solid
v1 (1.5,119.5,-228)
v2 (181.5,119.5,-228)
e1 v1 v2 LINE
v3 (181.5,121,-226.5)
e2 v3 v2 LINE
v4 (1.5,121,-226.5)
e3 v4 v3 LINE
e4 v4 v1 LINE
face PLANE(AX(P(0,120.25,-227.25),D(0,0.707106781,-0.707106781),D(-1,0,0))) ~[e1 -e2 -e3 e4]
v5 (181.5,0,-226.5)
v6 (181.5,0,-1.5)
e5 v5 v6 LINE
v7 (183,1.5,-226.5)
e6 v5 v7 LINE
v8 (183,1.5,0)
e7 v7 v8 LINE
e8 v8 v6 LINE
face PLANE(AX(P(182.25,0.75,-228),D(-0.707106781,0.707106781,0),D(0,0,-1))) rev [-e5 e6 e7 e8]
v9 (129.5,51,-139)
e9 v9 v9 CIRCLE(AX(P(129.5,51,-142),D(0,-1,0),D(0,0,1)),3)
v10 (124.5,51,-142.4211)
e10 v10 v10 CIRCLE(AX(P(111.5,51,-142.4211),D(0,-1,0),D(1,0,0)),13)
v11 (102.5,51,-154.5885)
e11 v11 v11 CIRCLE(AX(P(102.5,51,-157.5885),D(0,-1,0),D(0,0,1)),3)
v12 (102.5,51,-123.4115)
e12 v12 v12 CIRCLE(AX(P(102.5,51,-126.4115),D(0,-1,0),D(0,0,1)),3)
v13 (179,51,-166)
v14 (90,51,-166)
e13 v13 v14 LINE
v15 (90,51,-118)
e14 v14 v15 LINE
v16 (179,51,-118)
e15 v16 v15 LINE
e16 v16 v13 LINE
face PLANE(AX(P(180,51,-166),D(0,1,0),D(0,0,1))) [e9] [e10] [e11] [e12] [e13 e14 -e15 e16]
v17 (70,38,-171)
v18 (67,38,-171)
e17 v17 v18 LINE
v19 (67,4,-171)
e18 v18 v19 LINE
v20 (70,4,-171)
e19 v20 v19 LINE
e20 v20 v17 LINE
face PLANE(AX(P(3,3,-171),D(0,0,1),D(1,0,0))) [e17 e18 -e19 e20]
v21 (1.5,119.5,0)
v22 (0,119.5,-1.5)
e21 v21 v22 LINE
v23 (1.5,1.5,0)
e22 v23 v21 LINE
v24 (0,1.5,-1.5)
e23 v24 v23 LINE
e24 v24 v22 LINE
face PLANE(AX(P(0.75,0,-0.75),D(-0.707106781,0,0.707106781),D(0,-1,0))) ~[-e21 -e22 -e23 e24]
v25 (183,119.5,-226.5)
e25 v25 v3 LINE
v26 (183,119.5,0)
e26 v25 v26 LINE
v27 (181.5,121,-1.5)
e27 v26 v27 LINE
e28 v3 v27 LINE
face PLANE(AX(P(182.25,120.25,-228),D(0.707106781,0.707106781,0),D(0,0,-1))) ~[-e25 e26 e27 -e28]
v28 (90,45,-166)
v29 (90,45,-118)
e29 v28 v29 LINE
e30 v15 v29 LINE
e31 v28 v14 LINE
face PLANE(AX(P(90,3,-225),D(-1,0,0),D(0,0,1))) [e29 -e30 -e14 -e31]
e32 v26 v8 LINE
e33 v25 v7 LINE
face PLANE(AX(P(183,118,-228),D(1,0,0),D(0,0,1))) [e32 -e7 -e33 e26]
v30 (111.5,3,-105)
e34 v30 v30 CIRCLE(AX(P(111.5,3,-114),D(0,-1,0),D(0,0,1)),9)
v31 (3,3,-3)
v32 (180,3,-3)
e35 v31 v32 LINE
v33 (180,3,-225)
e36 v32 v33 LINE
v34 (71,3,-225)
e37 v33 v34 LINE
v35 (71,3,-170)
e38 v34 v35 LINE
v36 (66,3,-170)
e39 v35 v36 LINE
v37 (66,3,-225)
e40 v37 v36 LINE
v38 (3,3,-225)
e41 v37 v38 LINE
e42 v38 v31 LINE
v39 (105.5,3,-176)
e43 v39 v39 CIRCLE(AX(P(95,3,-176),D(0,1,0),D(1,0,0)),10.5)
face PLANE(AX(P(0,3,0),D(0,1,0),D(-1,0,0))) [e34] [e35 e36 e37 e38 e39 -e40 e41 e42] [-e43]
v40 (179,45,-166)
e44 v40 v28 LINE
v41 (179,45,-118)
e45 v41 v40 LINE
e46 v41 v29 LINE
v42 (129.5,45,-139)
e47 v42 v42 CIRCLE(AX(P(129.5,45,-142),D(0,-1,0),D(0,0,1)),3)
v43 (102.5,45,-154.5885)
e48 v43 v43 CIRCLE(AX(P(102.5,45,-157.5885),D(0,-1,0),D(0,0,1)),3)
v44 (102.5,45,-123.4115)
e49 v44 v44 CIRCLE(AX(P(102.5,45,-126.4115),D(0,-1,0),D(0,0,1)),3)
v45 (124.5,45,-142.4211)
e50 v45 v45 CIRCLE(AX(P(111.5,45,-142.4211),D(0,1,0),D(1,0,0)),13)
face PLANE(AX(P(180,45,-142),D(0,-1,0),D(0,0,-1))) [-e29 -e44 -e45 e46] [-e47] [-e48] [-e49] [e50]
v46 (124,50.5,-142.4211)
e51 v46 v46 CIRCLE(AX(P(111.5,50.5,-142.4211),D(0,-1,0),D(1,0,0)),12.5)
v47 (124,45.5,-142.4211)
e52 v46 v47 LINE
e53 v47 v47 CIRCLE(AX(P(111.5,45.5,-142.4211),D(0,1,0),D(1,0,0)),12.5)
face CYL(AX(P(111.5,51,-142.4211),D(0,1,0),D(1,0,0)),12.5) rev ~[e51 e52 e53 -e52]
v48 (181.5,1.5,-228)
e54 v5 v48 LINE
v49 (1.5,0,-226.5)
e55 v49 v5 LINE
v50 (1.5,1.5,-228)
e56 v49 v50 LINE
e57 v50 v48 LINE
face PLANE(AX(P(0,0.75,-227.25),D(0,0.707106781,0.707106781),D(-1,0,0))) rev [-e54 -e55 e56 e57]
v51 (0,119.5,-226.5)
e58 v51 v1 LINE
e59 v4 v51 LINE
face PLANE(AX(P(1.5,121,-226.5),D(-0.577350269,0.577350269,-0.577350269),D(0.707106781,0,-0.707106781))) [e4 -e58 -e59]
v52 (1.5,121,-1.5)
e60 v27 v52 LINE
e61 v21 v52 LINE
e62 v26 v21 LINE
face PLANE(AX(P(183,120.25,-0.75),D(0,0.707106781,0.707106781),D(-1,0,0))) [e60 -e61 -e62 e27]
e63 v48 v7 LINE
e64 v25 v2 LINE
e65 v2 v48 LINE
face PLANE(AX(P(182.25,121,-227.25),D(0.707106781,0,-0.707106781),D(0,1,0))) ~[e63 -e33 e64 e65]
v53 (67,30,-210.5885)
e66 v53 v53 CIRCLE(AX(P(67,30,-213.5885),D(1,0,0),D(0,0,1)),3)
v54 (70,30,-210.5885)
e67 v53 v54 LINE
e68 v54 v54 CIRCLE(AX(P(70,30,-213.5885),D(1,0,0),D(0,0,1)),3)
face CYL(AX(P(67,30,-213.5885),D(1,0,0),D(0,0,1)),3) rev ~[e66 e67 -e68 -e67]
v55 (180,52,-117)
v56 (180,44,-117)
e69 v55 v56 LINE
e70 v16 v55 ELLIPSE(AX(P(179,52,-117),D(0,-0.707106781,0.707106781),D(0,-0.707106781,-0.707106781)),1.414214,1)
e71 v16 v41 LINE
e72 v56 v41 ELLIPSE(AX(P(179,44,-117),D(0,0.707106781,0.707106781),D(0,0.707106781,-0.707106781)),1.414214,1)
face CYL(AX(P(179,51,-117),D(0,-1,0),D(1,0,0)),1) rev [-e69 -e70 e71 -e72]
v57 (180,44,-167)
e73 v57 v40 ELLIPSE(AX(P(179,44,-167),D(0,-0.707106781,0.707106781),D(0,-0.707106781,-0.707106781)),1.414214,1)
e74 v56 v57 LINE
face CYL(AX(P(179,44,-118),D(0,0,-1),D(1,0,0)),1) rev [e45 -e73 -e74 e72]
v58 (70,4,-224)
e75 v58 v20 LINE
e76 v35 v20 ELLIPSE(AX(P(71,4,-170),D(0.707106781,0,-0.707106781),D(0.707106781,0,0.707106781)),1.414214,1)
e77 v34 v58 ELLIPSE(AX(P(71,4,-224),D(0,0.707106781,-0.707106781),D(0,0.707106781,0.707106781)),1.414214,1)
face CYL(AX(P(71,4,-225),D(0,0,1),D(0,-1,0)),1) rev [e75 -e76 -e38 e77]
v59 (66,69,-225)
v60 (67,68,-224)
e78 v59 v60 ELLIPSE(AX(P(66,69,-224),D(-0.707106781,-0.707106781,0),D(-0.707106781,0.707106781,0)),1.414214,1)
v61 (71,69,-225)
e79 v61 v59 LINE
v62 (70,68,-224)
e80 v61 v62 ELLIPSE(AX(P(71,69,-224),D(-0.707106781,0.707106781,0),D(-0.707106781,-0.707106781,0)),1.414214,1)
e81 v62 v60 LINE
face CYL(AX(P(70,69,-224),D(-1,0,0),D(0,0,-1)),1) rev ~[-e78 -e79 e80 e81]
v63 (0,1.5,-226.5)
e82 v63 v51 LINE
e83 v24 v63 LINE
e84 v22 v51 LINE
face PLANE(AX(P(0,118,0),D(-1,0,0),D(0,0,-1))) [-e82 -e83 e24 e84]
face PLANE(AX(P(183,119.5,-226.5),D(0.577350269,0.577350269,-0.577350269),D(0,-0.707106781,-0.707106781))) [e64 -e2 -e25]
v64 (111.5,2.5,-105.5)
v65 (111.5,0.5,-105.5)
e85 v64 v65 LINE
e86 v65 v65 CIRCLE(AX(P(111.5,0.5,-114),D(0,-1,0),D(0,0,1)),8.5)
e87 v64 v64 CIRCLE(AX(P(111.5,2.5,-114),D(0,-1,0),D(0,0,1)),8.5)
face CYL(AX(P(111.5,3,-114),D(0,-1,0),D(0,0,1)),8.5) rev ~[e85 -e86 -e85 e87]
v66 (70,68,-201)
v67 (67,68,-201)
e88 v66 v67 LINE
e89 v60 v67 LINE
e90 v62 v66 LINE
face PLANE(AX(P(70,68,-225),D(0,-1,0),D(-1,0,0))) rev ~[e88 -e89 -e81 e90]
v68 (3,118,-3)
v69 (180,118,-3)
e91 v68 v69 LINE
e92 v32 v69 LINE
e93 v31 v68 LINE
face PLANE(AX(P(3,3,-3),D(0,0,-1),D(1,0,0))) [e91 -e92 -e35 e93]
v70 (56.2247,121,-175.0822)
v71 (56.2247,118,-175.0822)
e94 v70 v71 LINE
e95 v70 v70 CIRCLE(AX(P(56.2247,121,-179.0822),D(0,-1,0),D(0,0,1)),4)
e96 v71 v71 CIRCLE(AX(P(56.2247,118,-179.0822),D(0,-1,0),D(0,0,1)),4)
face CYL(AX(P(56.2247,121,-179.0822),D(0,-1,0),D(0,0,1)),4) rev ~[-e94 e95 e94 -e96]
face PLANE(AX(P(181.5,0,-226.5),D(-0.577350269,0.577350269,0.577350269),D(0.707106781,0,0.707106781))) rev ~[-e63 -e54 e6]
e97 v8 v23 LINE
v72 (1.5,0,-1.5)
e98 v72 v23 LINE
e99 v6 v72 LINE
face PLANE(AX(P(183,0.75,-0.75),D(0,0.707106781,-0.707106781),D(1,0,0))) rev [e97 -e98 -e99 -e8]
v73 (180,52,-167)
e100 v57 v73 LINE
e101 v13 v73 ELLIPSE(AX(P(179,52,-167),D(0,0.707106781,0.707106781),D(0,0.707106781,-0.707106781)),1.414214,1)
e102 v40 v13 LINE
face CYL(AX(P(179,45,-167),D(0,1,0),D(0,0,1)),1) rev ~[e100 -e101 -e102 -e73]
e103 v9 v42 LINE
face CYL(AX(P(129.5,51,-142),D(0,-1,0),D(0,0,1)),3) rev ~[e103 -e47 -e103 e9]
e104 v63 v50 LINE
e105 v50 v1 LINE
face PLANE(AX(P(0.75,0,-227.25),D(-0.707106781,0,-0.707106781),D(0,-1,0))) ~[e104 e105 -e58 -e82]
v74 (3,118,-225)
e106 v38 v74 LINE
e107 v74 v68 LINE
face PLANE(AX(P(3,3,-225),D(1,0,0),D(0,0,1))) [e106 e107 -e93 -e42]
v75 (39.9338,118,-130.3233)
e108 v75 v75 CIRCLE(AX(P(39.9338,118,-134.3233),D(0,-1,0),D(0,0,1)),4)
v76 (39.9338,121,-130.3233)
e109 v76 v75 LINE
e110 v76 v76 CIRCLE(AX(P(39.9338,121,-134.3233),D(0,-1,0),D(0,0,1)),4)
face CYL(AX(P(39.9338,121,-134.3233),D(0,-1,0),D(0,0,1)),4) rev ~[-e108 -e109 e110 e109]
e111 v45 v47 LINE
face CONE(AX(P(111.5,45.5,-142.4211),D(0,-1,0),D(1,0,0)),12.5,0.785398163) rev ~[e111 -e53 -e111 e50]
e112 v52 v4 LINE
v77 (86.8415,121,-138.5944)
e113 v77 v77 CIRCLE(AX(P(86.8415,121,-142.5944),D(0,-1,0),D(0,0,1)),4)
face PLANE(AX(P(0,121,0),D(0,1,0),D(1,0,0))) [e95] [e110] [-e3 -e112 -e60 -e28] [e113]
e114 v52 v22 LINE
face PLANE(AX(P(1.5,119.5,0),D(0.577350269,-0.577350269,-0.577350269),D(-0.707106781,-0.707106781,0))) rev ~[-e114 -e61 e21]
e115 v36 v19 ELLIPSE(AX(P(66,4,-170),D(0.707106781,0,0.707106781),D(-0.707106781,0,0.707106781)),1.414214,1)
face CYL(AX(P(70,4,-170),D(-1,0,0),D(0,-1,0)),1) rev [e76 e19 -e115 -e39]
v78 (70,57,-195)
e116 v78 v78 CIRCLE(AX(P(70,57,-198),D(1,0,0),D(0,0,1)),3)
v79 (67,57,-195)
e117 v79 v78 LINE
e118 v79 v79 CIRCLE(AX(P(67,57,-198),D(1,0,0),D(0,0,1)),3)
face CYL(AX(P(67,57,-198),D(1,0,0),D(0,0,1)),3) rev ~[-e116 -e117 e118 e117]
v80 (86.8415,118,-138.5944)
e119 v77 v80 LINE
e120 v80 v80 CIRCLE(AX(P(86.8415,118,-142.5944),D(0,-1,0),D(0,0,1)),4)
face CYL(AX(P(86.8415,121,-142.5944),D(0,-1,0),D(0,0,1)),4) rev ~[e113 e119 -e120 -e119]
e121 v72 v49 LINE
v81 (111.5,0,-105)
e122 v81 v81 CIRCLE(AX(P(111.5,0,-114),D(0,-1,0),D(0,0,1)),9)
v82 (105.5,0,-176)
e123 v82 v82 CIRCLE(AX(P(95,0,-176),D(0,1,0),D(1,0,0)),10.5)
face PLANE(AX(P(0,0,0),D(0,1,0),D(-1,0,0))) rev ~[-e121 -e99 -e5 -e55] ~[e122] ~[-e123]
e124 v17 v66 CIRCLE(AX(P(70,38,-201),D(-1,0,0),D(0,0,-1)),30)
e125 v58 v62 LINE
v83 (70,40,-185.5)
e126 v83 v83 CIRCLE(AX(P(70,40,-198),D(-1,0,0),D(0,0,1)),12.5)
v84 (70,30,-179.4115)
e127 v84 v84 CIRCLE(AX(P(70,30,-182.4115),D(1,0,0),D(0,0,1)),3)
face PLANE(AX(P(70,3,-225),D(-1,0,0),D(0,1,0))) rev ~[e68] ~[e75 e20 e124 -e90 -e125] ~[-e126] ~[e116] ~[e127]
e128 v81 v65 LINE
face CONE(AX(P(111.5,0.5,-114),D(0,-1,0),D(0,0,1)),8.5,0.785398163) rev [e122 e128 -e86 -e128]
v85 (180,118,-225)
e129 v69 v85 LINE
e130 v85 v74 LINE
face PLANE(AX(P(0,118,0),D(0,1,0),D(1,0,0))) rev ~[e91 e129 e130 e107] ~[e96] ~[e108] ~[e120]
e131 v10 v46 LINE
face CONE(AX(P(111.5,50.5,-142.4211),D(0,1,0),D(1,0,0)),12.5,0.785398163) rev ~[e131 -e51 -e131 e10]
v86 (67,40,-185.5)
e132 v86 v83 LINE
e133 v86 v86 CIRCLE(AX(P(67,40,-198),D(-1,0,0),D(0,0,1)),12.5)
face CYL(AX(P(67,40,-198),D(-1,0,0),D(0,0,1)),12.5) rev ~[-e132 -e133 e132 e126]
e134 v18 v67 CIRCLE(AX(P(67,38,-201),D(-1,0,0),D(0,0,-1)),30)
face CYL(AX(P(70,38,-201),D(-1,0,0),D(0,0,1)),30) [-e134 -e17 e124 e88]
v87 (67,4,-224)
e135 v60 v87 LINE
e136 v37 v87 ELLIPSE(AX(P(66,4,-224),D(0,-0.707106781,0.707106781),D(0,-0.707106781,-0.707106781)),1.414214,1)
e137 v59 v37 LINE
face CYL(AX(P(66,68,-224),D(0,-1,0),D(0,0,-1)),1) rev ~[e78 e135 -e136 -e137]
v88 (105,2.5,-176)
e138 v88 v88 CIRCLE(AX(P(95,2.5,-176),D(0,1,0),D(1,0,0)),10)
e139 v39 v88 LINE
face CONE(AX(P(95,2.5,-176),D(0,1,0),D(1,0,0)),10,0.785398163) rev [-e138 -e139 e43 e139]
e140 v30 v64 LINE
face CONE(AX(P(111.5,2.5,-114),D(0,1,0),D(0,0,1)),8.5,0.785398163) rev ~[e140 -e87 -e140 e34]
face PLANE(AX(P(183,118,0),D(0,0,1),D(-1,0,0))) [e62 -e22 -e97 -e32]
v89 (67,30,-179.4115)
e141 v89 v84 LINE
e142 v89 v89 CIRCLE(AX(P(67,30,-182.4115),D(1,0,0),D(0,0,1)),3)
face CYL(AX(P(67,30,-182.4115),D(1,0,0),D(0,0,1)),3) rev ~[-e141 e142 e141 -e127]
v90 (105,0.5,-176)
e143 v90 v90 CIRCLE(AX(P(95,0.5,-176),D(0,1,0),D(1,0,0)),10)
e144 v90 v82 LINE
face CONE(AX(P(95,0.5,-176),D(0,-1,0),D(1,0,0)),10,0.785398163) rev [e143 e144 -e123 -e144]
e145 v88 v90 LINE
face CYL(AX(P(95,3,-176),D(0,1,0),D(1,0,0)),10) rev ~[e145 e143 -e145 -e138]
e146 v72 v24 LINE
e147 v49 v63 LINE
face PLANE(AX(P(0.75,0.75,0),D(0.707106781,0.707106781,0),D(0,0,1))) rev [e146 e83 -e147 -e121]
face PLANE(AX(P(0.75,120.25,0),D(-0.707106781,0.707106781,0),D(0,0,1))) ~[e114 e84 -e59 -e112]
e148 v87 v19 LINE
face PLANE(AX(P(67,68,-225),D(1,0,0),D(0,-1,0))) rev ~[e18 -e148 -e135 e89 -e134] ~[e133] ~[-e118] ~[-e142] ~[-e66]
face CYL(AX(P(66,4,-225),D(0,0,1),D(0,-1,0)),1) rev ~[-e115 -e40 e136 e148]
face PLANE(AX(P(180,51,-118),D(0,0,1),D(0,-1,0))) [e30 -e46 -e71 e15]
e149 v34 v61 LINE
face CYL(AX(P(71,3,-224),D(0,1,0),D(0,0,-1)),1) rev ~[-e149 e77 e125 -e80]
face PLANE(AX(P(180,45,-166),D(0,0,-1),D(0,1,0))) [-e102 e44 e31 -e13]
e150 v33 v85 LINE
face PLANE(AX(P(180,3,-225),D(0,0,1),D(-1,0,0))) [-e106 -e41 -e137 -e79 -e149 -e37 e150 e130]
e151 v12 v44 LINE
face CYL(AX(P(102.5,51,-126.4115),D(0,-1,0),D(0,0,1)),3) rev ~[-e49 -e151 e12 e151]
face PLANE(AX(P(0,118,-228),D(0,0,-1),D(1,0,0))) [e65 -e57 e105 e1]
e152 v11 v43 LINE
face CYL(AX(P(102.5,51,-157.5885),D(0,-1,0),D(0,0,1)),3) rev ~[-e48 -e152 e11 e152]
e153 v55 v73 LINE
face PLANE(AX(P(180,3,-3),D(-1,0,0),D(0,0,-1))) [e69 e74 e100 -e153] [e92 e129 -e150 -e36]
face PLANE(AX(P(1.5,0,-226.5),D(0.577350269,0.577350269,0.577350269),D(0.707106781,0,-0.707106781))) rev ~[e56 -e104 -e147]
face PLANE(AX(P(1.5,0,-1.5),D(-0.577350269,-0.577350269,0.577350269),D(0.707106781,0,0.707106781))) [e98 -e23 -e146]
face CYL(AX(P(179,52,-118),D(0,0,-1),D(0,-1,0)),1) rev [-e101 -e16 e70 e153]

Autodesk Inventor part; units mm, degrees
ref_plane "YZ Plane" through (0, 0, 0) normal (1, 0, 0) x (0, 1, 0)
ref_plane "XZ Plane" through (0, 0, 0) normal (0, 1, 0) x (-1, 0, 0)
ref_plane "XY Plane" through (0, 0, 0) normal (0, 0, 1) x (1, 0, 0)
sketch "Sketch1" plane through (0, 0, 0) normal (0, 1, 0) x (-1, 0, 0)
  line L0 (0, -228) -> (-183, -228)
  line L1 (-183, -228) -> (-183, 0)
  line L2 (-183, 0) -> (0, 0)
  line L3 (0, 0) -> (0, -228)
  dimension "d26" = 228
  dimension "d27" = 183
extrude "base" add sketch "Sketch1" along normal blind 3
sketch "Sketch5" plane through (0, 3, 0) normal (0, 1, 0) x (1, 0, 0)
  line L0 (0, 228) -> (0, 0) projected
  line L1 (0, 0) -> (183, 0) projected
  line L2 (183, 0) -> (183, 228) projected
  line L3 (183, 228) -> (0, 228) projected
  point P0 (111.5, 114)
  dimension "d46" = 114
  dimension "d47" = 111.5
  dimension "d48" = 183
  dimension "d49" = 228
hole "centreHole" at (111.5, 3, -114) direction (0, -1, 0) diameter 17 end through all
chamfer "holeChamfer" distance 0.5 angle 45 2 edges at (111.5, 0, -122.5) (111.5, 3, -122.5)
sketch "Sketch7" plane through (0, 3, 0) normal (0, 1, 0) x (1, 0, 0)
  line L0 (183, 228) -> (0, 228) projected
  line L1 (0, 0) -> (183, 0) projected
  line L2 (183, 0) -> (183, 228) projected
  line L3 (183, 228) -> (0, 228) projected
  line L4 (0, 228) -> (0, 0) projected
  line L5 (3, 3) -> (180, 3)
  line L6 (180, 3) -> (180, 225)
  line L7 (180, 225) -> (3, 225)
  line L8 (3, 225) -> (3, 3)
  dimension "d29" = 3
extrude "walls" add sketch "Sketch7" along normal blind 115
sketch "Sketch10" plane through (180, 3, -225) normal (-1, 0, 0) x (0, 0, 1)
  line L0 (59, 48) -> (107, 48)
  line L1 (107, 48) -> (107, 42)
  line L2 (107, 42) -> (59, 42)
  line L3 (59, 42) -> (59, 48)
  line L4 (222, 0) -> (222, 115) projected
  line L5 (222, 0) -> (0, 0) projected
  line L6 (83, 48) -> (83, 42)
  point P0 (225, -3)
  dimension "d60" = 6
  dimension "d61" = 48
  dimension "d91" = 139
  dimension "d92" = 222
  dimension "d118" = 48
extrude "platform" add sketch "Sketch10" along normal blind 90
sketch "Sketch11" plane through (180, 51, -118) normal (0, 1, 0) x (1, 0, 0)
  circle A0 centre (-68.5, 24) radius 18
  line L0 (-68.5, 24) -> (-50.5, 24)
  line L1 (-68.5, 24) -> (-77.5, 8.4115)
  line L2 (-68.5, 24) -> (-77.5, 39.5885)
  line L3 (0, 0) -> (-90, 0) projected
  line L4 (0, 48) -> (-90, 48) projected
  circle A1 centre (-68.5, -4) radius 9 projected
  line L5 (-68.5, -4) -> (-68.5, 60.8189)
  point P0 (-180, -118)
  dimension "d68" = 36
  dimension "d69" = 120
  dimension "d70" = 120
  dimension "d74" = 48
  dimension "d82" = 28
hole "motorScrewHoles" at (102.5, 51, -157.5885) at (129.5, 51, -142) at (102.5, 51, -126.4115) direction (0, -1, 0) diameter 6 depth 6
sketch "Sketch12" plane through (180, 51, -118) normal (0, 1, 0) x (1, 0, 0)
  circle A0 centre (-68.5, -4) radius 9 projected
  line L0 (-68.5, -4) -> (-68.5, 71.2028)
  circle A1 centre (-68.5, 24.4211) radius 12.5
  point P0 (-180, -118)
  dimension "d83" = 25
extrude "motorShaftHole" cut sketch "Sketch12" against normal up to surface (6 mm away) contours A1 L0 | L0 A1
chamfer "Chamfer2" distance 0.5 angle 45 2 edges at (99, 45, -142.4211) (99, 51, -142.4211)
sketch "Sketch13" plane through (3, 3, -225) normal (0, 0, 1) x (1, 0, 0)
  line L0 (177, 0) -> (0, 0) projected
  line L1 (64, 0) -> (67, 0)
  line L2 (67, 0) -> (67, 65)
  line L3 (67, 65) -> (64, 65)
  line L4 (64, 65) -> (64, 0)
  line L5 (87, 42) -> (87, 48) projected
  point P0 (-3, -3)
  dimension "d93" = 3
  dimension "d94" = 65
  dimension "d95" = 20
extrude "Extrusion8" add sketch "Sketch13" along normal blind 54
sketch "Sketch14" plane through (67, 3, -225) normal (-1, 0, 0) x (0, 0, 1)
  circle A0 centre (27, 36) radius 18
  line L0 (27, 36) -> (11.4115, 27)
  line L1 (27, 36) -> (27, 54)
  line L2 (27, 36) -> (42.5885, 27)
  line L3 (54, 0) -> (0, 0) projected
  line L4 (54, 65) -> (54, 0) projected
  line L5 (0, 0) -> (0, 115) projected
  point P0 (225, -3)
  dimension "d98" = 36
  dimension "d99" = 120
  dimension "d100" = 120
  dimension "d101" = 36
  dimension "d114" = 27
hole "Hole4" at (67, 30, -213.5885) at (67, 57, -198) at (67, 30, -182.4115) direction (1, 0, 0) diameter 6 depth 3
fillet "Fillet2" radius 1 10 edges at (180, 51, -142) (180, 45, -142) (180, 48, -118) (180, 48, -166) (68.5, 68, -225) (67, 35.5, -225) (70, 35.5, -225) (70, 3, -198) (67, 3, -198) (68.5, 3, -171)
sketch "Sketch15" plane through (67, 4, -171) normal (-1, 0, 0) x (0, 0, 1)
  circle A0 centre (-27, 36) radius 12.5
  line L0 (0, 0) -> (-53, 0) projected
  line L1 (-54, 65) -> (-54, -1) projected
  point P0 (171, -4)
  dimension "d111" = 25
  dimension "d115" = 36
  dimension "d116" = 27
extrude "Extrusion9" cut sketch "Sketch15" against normal up to surface (3 mm away)
fillet "Fillet3" radius 30 1 edges at (68.5, 68, -171)
sketch "Sketch16" plane through (0, 3, 0) normal (0, 1, 0) x (1, 0, 0)
  circle A0 centre (95, 176) radius 10
  line L0 (67, 171) -> (70, 171) projected
  line L1 (70, 201) -> (70, 171) projected
  point P0 (0, 0)
  dimension "d119" = 20
  dimension "d121" = 25
  dimension "d127" = 5
extrude "Extrusion10" cut sketch "Sketch16" against normal blind 50
chamfer "Chamfer3" distance 0.5 angle 45 2 edges at (85, 3, -176) (85, 0, -176)
sketch "Sketch17" plane through (0, 118, 0) normal (0, 1, 0) x (1, 0, 0)
  line L0 (0, 228) -> (183, 228)
  line L1 (183, 228) -> (183, 0)
  line L2 (183, 0) -> (0, 0)
  line L3 (0, 0) -> (0, 228)
  point P0 (0, 0)
extrude "Extrusion11" add sketch "Sketch17" along normal blind 3
chamfer "Chamfer4" distance 1.5 angle 45 11 edges at (0, 60.5, -228) (0, 121, -114) (91.5, 121, -228) (183, 121, -114) (183, 60.5, -228) (91.5, 121, 0) (0, 60.5, 0) (0, 0, -114) (91.5, 0, -228) (91.5, 0, 0) (183, 0, -114)
sketch "Sketch18" plane through (0, 121, 0) normal (0, 1, 0) x (1, 0, 0)
  circle A0 centre (61, 152) radius 27.5
  line L0 (183, 0) -> (183, 226.5) projected
  line L1 (0, 226.5) -> (0, 1.5) projected
  line L2 (181.5, 228) -> (1.5, 228) projected
  line L3 (1.5, 0) -> (183, 0) projected
  line L4 (61, 152) -> (86.8415, 142.5944)
  line L5 (61, 152) -> (39.9338, 134.3233)
  line L6 (61, 152) -> (56.2247, 179.0822)
  line L7 (61, 152) -> (33.5, 152)
  point P0 (0, 0)
  dimension "d133" = 55
  dimension "d134" = 183
  dimension "d135" = 61
  dimension "d136" = 228
  dimension "d137" = 76
  dimension "d138" = 120
  dimension "d147" = 120
  dimension "d149" = 80
hole "Hole5" at (56.2247, 121, -179.0822) at (86.8415, 121, -142.5944) at (39.9338, 121, -134.3233) direction (0, -1, 0) diameter 8 depth 3
equation "\"d0\" = t"
equation "\"d46\" = 0.5 * d49"
equation "\"d47\" = 0.5 * d48 + offset"
equation "\"d29\" = t"
equation "\"d91\" = 0.5 * d92 + pd"
equation "\"d68\" = d72"
equation "\"d82\" = pd"
equation "\"d93\" = t"
equation "\"d128\" = t"
equation "\"d135\" = 0.333333 * d134"
equation "\"d137\" = 0.333333 * d136"
equation "\"t\" = 3"
equation "\"pd\" = 28"
equation "\"dmotorpattern\" = 36"
equation "\"d72\" = 36"
equation "\"d73\" = 28"
equation "\"offset\" = 20"
properties part number "box" material "Aluminum 6061"
